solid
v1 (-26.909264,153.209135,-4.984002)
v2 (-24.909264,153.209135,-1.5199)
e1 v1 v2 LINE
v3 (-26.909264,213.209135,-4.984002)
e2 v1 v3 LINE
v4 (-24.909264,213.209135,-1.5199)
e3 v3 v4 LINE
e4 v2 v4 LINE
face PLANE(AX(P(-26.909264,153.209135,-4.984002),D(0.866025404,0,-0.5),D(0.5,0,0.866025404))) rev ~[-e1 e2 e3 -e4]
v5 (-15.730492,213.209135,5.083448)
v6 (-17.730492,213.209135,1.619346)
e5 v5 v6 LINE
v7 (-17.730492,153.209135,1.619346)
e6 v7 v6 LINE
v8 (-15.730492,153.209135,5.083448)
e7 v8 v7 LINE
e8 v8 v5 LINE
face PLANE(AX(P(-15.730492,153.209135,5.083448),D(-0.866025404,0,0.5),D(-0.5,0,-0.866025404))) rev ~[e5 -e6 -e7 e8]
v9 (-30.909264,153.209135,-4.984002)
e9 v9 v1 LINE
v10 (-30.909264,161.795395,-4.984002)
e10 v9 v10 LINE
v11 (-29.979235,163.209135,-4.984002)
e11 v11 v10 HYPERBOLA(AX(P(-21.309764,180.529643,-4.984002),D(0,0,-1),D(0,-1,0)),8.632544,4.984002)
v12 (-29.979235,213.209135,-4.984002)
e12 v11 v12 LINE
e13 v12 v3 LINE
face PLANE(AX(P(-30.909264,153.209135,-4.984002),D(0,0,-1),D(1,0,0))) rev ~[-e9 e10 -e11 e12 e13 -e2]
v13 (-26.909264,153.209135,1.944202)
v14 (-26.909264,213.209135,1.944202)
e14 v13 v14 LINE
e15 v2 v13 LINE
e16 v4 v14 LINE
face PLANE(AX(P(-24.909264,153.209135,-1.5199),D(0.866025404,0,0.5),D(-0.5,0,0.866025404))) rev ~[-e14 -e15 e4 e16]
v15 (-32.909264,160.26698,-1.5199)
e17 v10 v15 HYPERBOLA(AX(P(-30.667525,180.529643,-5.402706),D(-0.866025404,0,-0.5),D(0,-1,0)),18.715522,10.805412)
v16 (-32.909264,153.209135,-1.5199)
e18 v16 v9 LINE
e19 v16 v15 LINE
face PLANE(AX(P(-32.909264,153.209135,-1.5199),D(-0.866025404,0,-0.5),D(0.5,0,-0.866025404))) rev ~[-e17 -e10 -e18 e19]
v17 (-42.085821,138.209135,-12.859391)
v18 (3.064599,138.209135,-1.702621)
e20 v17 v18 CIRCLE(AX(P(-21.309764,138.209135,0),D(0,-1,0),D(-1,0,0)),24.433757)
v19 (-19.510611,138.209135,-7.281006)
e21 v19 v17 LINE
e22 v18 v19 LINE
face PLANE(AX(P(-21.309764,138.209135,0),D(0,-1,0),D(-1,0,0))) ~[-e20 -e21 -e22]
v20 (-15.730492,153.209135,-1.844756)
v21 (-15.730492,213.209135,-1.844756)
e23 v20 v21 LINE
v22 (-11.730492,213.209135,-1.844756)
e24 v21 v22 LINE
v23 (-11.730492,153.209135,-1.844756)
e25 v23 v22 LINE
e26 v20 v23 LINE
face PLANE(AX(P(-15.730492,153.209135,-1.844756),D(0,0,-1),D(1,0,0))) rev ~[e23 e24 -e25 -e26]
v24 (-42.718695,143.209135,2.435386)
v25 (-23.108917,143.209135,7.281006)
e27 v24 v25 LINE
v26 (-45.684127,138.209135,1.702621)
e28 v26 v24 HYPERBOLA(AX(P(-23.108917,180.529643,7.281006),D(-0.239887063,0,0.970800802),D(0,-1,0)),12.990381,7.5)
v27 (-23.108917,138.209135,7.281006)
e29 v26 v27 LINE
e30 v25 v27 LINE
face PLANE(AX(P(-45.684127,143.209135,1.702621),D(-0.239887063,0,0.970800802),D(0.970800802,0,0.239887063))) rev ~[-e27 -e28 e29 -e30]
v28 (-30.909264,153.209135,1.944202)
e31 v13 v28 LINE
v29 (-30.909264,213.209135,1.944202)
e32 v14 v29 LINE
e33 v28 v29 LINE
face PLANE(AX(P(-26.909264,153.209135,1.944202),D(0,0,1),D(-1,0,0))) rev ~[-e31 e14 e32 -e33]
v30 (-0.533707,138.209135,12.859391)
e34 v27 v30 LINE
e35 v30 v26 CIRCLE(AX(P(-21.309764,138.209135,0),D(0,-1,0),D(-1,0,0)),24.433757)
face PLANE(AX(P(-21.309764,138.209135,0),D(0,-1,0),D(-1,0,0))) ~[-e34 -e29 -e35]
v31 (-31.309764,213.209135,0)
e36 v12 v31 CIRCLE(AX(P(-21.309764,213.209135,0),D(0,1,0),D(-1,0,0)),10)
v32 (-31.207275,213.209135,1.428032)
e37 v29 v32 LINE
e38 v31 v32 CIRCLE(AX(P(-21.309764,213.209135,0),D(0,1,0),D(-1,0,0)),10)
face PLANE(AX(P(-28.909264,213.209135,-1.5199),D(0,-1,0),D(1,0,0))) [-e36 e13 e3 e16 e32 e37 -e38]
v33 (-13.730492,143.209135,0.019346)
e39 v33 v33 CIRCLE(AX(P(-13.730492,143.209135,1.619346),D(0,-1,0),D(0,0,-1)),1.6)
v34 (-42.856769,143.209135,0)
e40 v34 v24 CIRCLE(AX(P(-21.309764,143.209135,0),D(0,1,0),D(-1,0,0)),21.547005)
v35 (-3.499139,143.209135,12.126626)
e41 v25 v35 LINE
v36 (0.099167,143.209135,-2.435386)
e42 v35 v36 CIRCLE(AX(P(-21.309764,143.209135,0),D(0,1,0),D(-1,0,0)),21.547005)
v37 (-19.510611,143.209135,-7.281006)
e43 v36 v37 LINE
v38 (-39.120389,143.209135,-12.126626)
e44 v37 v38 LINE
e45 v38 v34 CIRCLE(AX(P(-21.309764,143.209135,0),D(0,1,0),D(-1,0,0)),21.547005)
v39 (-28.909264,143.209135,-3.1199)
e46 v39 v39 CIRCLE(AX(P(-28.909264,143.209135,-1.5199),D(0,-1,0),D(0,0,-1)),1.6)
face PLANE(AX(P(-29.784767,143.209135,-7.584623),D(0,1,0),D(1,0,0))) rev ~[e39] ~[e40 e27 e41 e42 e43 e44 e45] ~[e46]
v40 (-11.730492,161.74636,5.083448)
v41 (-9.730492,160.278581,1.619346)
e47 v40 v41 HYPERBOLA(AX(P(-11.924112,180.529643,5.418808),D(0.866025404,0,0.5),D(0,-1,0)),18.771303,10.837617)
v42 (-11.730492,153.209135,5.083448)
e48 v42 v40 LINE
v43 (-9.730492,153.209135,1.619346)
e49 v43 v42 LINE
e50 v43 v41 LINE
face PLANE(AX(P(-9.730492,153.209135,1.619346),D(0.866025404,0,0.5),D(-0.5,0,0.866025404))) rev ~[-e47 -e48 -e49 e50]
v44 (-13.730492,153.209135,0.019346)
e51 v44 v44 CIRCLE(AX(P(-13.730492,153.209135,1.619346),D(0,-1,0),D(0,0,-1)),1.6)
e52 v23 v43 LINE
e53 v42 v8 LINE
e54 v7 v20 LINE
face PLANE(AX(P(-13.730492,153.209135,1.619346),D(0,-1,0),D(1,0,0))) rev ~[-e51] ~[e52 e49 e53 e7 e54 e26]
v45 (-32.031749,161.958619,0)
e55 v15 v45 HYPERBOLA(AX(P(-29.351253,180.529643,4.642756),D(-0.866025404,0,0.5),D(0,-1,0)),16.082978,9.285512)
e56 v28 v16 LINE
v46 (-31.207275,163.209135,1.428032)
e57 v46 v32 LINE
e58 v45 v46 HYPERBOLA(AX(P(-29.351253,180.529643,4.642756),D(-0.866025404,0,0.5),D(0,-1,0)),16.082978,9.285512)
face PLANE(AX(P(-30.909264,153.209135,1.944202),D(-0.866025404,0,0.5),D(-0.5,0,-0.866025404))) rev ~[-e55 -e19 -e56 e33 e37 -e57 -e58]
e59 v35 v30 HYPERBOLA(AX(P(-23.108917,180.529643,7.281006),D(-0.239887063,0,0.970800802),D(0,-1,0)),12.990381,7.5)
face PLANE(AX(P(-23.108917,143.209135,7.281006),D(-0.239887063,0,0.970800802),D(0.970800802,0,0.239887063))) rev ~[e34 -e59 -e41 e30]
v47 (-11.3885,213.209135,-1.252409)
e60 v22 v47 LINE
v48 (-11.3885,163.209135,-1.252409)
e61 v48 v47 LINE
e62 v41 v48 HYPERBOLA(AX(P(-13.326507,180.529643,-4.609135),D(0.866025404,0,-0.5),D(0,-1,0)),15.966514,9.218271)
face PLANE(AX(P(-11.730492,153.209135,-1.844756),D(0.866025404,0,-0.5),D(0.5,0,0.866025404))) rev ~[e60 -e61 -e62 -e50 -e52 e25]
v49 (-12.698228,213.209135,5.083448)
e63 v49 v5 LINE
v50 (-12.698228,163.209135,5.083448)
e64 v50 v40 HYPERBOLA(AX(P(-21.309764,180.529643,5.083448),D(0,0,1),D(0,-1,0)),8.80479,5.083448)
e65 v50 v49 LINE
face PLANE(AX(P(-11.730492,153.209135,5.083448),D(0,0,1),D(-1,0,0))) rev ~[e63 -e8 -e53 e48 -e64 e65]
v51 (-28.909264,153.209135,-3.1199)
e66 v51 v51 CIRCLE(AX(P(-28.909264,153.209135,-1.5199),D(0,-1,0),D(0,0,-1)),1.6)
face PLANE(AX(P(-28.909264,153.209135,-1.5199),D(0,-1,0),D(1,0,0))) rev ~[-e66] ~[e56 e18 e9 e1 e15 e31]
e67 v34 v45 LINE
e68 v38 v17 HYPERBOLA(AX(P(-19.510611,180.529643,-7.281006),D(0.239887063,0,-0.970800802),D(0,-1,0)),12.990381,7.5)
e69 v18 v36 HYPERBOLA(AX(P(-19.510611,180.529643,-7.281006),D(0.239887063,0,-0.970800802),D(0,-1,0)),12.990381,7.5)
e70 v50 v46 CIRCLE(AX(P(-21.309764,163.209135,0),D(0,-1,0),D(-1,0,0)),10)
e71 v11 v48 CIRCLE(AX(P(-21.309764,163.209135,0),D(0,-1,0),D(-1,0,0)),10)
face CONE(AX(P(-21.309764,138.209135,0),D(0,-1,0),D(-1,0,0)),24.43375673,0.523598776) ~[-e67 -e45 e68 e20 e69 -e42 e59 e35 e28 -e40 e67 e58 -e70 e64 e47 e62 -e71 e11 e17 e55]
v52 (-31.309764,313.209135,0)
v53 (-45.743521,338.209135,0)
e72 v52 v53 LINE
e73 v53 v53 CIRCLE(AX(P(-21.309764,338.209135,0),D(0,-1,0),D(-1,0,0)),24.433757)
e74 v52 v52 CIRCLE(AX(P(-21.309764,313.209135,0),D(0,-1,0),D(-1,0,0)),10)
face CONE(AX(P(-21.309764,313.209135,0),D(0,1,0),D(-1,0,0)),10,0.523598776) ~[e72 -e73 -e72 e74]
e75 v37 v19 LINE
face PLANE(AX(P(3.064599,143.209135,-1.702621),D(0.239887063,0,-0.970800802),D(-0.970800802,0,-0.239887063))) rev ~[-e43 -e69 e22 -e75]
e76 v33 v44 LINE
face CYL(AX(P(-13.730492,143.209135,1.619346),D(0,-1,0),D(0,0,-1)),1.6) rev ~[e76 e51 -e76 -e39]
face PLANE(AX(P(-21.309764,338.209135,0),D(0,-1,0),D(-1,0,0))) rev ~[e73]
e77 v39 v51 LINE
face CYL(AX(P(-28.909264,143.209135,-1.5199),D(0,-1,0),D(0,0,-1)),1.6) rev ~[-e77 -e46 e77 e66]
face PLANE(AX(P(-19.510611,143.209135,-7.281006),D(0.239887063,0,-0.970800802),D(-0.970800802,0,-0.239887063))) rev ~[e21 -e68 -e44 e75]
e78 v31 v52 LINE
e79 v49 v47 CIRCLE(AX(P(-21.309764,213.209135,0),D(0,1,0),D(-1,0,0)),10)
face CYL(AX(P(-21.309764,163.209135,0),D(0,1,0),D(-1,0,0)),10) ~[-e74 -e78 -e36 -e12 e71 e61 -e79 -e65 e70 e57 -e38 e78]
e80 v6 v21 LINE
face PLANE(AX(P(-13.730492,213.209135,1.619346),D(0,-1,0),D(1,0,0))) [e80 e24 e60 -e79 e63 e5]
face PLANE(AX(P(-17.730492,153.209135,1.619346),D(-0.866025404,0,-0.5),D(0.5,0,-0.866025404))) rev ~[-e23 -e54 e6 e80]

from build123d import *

# Parameters (mm, degrees)
CUT_EXTRUDE_START    = -195
CUT_EXTRUDE_3_DEPTH  = 5
SKETCH_33_R          = 1.6
CUT_EXTRUDE_6_DEPTH  = 10
CUT_EXTRUDE_START_2  = -10
CUT_EXTRUDE_21_DEPTH = 60


with BuildPart() as part:
    # 草图24 → 旋转4 (revolve)
    with BuildSketch(Plane.XY):
        Polygon((-45.743520691, 338.209134615), (-21.309763961, 338.209134615), (-21.309763961, 138.209134615), (-45.743520691, 138.209134615), (-31.309763961, 163.209134615), (-31.309763961, 313.209134615), align=None)
    revolve(axis=Axis((-21.309763961, 338.209134615, 0), (0, -1, 0)))

    # 草图29 → 切除-拉伸3 (cut)
    with BuildSketch(Plane(origin=(0, 338.209134615, 0), x_dir=(1, 0, 0), z_dir=(0, 1, 0)).offset(CUT_EXTRUDE_START)):
        Polygon((-21.309763961, 0), (-19.510610987, 7.281006014), (-42.085820567, 12.859391114), align=None)
        with BuildLine():
            ThreePointArc((3.123992769, 0), (3.109139711, 0.851828276), (3.064598594, 1.702620914))
            Line((3.064598594, 1.702620914), (-21.309763961, 0))
            Line((-21.309763961, 0), (-0.533707355, -12.859391114))
            ThreePointArc((-0.533707355, -12.859391114), (2.191784721, -6.684734662), (3.123992769, 0))
        make_face()
        with BuildLine():
            Line((-45.684126516, -1.702620914), (-21.309763961, 0))
            Line((-21.309763961, 0), (-42.085820567, 12.859391114))
            ThreePointArc((-42.085820567, 12.859391114), (-45.030074587, 5.861342146), (-45.684126516, -1.702620914))
        make_face()
        Polygon((-23.108916935, -7.281006014), (-21.309763961, 0), (-45.684126516, -1.702620914), align=None)
        Polygon((-21.309763961, 0), (3.064598594, 1.702620914), (-19.510610987, 7.281006014), align=None)
        Polygon((-0.533707355, -12.859391114), (-21.309763961, 0), (-23.108916935, -7.281006014), align=None)
    extrude(amount=-CUT_EXTRUDE_3_DEPTH, mode=Mode.SUBTRACT)

    # 草图33 → 切除-拉伸6 (cut)
    with BuildSketch(Plane.XZ.offset(-143.209134615)):
        with Locations(Location((-28.909264197, -1.519900047, 0), (0, 0, 270))):
            Circle(SKETCH_33_R)
        with Locations(Location((-13.730491725, 1.619346078, 0), (0, 0, 270))):
            Circle(SKETCH_33_R)
    extrude(amount=-CUT_EXTRUDE_6_DEPTH, mode=Mode.SUBTRACT)

    # 草图35 → 切除-拉伸21 (cut)
    with BuildSketch(Plane.XZ.offset(-143.209134615).offset(CUT_EXTRUDE_START_2)):
        Polygon((-24.909264197, -1.519900047), (-26.909264197, 1.944201568), (-30.909264197, 1.944201568), (-32.909264197, -1.519900047), (-30.909264197, -4.984001662), (-26.909264197, -4.984001662), align=None)
        Polygon((-9.730491725, 1.619346078), (-11.730491725, 5.083447693), (-15.730491725, 5.083447693), (-17.730491725, 1.619346078), (-15.730491725, -1.844755537), (-11.730491725, -1.844755537), align=None)
    extrude(amount=-CUT_EXTRUDE_21_DEPTH, mode=Mode.SUBTRACT)


solid = part.part
